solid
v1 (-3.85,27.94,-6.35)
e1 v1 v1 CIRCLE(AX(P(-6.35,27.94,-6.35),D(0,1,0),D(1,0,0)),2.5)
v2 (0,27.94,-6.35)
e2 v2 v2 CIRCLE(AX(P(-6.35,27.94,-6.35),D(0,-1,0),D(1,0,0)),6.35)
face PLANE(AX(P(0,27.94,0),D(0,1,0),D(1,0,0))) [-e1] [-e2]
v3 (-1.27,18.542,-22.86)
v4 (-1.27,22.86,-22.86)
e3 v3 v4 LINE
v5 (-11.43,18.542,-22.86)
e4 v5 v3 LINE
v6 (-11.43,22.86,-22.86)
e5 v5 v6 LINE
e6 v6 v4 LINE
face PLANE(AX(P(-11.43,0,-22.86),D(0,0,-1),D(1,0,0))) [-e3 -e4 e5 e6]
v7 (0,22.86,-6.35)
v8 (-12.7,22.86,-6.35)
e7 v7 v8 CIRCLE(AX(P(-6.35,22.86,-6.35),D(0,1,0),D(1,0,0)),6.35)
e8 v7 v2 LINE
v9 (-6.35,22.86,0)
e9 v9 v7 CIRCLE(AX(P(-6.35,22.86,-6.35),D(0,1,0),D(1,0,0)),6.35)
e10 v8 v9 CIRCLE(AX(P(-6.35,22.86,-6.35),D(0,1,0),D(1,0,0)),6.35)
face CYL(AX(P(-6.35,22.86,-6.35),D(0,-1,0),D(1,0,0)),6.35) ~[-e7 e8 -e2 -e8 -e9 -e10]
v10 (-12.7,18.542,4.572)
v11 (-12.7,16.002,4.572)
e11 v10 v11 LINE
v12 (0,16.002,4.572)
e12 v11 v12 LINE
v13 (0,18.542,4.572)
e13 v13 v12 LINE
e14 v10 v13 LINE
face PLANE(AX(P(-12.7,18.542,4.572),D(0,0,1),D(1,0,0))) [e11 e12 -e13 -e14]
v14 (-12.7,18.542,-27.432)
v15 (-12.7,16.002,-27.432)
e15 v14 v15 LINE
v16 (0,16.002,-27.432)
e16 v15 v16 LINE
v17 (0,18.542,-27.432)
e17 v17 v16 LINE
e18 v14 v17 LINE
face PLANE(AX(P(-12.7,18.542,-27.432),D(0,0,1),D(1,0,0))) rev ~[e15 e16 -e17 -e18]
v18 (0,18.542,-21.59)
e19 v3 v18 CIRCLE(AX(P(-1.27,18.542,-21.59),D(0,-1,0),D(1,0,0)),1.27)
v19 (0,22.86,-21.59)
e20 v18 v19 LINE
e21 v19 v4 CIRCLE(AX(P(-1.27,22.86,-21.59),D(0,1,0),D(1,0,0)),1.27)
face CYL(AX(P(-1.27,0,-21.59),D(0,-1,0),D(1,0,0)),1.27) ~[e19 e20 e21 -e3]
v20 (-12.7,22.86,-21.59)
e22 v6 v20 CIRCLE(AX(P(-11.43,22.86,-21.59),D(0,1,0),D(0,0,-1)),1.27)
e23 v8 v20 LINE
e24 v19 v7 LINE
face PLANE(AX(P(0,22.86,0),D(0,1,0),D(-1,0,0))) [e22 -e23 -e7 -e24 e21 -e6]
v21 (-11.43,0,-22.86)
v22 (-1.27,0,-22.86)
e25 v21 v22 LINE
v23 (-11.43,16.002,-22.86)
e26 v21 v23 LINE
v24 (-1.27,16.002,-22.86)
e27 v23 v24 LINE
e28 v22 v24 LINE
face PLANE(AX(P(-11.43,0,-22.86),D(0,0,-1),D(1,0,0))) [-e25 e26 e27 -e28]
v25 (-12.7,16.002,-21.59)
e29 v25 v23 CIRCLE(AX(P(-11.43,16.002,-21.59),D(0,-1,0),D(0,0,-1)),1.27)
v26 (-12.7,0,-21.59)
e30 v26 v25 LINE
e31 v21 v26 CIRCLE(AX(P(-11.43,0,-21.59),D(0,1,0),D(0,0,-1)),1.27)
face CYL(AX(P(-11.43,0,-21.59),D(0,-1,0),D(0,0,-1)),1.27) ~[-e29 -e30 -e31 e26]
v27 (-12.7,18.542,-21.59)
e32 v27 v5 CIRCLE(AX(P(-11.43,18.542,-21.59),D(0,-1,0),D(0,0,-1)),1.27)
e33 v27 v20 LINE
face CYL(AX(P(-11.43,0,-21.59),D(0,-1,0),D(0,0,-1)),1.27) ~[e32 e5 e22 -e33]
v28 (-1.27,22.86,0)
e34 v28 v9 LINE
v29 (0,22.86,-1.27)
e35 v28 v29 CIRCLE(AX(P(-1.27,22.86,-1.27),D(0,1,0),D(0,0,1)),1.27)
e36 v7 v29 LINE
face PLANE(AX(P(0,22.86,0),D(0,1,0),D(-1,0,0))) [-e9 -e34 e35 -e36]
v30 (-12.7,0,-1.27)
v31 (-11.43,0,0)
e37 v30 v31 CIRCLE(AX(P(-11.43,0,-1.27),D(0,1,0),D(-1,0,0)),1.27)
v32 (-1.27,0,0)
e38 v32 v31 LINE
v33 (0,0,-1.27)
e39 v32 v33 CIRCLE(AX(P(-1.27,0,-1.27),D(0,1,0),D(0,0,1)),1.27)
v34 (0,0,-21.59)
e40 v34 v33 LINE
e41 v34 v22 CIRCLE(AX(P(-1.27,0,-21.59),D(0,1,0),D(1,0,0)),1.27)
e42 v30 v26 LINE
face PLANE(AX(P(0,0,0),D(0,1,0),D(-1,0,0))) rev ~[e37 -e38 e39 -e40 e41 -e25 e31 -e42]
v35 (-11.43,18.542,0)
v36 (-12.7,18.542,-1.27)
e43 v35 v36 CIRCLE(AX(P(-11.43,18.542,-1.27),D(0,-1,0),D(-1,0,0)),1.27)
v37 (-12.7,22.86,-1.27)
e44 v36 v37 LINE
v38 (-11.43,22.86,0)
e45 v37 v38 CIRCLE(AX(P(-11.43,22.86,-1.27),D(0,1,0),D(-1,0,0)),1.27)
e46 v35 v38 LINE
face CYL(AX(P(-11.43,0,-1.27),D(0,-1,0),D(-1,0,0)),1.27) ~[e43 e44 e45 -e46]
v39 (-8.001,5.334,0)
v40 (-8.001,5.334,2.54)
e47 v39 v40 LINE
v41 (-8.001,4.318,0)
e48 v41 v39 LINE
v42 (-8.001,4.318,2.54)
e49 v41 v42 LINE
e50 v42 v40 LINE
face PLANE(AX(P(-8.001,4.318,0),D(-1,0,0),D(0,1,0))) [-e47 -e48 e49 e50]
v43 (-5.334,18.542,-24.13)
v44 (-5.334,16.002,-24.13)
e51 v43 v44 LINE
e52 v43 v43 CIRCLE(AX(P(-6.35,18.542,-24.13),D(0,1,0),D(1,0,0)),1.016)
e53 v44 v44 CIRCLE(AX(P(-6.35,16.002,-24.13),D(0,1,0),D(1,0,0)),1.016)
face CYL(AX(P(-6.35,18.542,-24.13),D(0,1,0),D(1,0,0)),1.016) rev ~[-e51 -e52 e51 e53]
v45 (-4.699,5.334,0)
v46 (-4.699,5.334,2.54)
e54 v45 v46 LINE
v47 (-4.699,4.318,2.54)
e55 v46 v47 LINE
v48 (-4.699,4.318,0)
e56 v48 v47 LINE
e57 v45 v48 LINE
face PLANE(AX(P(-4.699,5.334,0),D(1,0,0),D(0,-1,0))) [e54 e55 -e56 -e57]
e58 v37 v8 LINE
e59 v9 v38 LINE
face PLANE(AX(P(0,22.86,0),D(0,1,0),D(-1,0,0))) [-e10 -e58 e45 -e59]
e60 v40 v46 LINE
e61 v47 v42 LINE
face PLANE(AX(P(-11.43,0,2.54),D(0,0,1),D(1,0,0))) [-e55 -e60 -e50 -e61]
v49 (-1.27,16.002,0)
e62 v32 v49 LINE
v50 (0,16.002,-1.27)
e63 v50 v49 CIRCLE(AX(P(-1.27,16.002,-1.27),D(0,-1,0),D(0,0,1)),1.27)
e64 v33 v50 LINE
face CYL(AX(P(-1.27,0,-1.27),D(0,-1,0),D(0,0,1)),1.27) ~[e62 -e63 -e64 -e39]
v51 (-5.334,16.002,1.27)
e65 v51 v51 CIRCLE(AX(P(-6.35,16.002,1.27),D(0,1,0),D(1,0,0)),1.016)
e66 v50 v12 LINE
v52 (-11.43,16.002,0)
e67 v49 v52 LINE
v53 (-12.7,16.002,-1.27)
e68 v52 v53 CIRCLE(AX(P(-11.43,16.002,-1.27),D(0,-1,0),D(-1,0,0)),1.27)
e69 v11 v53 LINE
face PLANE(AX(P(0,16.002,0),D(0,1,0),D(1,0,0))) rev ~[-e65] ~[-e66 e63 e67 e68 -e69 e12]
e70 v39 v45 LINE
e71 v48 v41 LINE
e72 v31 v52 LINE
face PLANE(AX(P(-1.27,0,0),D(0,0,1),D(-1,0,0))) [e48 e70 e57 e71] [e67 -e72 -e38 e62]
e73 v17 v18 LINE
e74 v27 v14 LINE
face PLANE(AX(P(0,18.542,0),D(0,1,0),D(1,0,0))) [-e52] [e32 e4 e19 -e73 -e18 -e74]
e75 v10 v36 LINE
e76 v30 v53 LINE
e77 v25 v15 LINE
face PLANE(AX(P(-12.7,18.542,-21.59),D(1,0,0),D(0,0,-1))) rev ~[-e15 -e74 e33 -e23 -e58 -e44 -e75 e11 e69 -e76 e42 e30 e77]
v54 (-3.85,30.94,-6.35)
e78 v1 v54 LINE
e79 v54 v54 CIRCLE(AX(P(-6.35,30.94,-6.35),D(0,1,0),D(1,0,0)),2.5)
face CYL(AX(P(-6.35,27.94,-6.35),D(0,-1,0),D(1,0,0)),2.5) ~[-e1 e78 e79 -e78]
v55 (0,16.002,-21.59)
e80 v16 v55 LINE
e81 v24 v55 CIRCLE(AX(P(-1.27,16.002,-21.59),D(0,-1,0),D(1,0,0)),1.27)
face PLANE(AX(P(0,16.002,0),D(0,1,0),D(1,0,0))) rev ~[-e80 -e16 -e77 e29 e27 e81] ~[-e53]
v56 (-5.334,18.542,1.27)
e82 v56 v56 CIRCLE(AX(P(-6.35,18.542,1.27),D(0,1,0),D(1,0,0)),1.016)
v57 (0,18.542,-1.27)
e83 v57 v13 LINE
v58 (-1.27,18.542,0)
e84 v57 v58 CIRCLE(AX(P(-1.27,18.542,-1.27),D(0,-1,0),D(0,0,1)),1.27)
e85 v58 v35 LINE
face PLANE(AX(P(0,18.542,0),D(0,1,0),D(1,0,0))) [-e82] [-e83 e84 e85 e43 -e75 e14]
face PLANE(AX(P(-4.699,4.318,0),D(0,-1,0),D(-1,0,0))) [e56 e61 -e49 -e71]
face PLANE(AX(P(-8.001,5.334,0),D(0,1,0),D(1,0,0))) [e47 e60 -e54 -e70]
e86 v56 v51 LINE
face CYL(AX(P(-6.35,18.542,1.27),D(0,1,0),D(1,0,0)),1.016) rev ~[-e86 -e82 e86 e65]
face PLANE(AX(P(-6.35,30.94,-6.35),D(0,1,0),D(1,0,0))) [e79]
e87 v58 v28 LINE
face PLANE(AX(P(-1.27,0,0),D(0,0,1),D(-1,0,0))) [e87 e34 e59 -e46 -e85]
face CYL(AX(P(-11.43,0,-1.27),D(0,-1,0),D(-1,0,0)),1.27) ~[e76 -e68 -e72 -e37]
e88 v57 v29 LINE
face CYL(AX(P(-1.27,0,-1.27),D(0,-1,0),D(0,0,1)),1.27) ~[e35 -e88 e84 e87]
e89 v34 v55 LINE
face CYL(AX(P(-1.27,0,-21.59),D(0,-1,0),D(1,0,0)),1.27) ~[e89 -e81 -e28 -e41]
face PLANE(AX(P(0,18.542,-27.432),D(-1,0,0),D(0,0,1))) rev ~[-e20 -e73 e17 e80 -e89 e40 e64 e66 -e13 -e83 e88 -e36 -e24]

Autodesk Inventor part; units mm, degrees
ref_plane "YZ Plane" through (0, 0, 0) normal (1, 0, 0) x (0, 1, 0)
ref_plane "XZ Plane" through (0, 0, 0) normal (0, 1, 0) x (-1, 0, 0)
sketch "Sketch1" plane through (0, 0, 0) normal (0, 1, 0) x (-1, 0, 0)
  line L0 (1.27, 0) -> (11.43, 0)
  line L1 (12.7, -1.27) -> (12.7, -21.59)
  line L2 (11.43, -22.86) -> (1.27, -22.86)
  line L3 (0, -21.59) -> (0, -1.27)
  arc A0 (12.7, -1.27) -> (11.43, 0) centre (11.43, -1.27) ccw
  arc A1 (1.27, 0) -> (0, -1.27) centre (1.27, -1.27) ccw
  arc A2 (0, -21.59) -> (1.27, -22.86) centre (1.27, -21.59) ccw
  arc A3 (11.43, -22.86) -> (12.7, -21.59) centre (11.43, -21.59) ccw
  point P0 (0, 0)
  point P1 (12.7, -22.86)
  point P2 (12.7, 0)
  point P3 (0, -22.86)
  dimension "d0" = 12.7
  dimension "d1" = 22.86
  dimension "d2" = 1.27
extrude "Extrusion1" add sketch "Sketch1" along normal blind 22.86
sketch "Sketch2" plane through (0, 22.86, 0) normal (0, 1, 0) x (1, 0, 0)
  line L0 (-12.7, 21.59) -> (-12.7, 1.27) projected
  line L1 (-11.43, 0) -> (-1.27, 0) projected
  line L2 (0, 1.27) -> (0, 21.59) projected
  circle A0 centre (-6.35, 6.35) radius 6.35
  point P0 (0, 0)
extrude "Extrusion2" add sketch "Sketch2" along normal blind 5.08
ref_plane "Work Plane1" through (0, 18.542, 0) normal (0, 1, 0) x (1, 0, 0)
sketch "Sketch5" plane through (0, 18.542, 0) normal (0, 1, 0) x (1, 0, 0)
  line L0 (-12.7, 27.432) -> (0, 27.432)
  line L1 (-12.7, 21.59) -> (-12.7, 1.27) projected
  line L2 (0, 1.27) -> (0, 21.59) projected
  circle A0 centre (-6.35, 24.13) radius 1.016
  line L3 (0, 11.43) -> (-12.7, 11.43) construction
  line L4 (-12.7, -4.572) -> (0, -4.572)
  circle A1 centre (-6.35, -1.27) radius 1.016
  line L5 (-12.7, -4.572) -> (-12.7, 27.432)
  line L6 (0, 27.432) -> (0, -4.572)
  point P0 (0, 0)
  dimension "d13" = 16.002
  dimension "d14" = 2.032
  dimension "d15" = 25.4
extrude "Extrusion4" add sketch "Sketch5" against normal blind 2.54
sketch "Sketch6" plane through (-11.43, 0, 0) normal (0, 0, 1) x (1, 0, 0)
  line L0 (3.429, 5.334) -> (6.731, 5.334)
  line L1 (6.731, 5.334) -> (6.731, 4.318)
  line L2 (6.731, 4.318) -> (3.429, 4.318)
  line L3 (3.429, 4.318) -> (3.429, 5.334)
  line L4 (0, 0) -> (10.16, 0) projected
  point P0 (11.43, 0)
  point P1 (5.08, 0)
  point P2 (5.08, 4.318)
  dimension "d18" = 3.302
  dimension "d19" = 1.016
  dimension "d20" = 4.318
extrude "Extrusion5" add sketch "Sketch6" along normal blind 2.54
sketch "Sketch7" plane through (-6.35, 27.94, -6.35) normal (0, 1, 0) x (1, 0, 0)
  circle A0 centre (0, 0) radius 2.5
  point P0 (6.35, -6.35)
  dimension "d23" = 5
extrude "Extrusion6" add sketch "Sketch7" along normal blind 3
properties part number "servo (2)"
